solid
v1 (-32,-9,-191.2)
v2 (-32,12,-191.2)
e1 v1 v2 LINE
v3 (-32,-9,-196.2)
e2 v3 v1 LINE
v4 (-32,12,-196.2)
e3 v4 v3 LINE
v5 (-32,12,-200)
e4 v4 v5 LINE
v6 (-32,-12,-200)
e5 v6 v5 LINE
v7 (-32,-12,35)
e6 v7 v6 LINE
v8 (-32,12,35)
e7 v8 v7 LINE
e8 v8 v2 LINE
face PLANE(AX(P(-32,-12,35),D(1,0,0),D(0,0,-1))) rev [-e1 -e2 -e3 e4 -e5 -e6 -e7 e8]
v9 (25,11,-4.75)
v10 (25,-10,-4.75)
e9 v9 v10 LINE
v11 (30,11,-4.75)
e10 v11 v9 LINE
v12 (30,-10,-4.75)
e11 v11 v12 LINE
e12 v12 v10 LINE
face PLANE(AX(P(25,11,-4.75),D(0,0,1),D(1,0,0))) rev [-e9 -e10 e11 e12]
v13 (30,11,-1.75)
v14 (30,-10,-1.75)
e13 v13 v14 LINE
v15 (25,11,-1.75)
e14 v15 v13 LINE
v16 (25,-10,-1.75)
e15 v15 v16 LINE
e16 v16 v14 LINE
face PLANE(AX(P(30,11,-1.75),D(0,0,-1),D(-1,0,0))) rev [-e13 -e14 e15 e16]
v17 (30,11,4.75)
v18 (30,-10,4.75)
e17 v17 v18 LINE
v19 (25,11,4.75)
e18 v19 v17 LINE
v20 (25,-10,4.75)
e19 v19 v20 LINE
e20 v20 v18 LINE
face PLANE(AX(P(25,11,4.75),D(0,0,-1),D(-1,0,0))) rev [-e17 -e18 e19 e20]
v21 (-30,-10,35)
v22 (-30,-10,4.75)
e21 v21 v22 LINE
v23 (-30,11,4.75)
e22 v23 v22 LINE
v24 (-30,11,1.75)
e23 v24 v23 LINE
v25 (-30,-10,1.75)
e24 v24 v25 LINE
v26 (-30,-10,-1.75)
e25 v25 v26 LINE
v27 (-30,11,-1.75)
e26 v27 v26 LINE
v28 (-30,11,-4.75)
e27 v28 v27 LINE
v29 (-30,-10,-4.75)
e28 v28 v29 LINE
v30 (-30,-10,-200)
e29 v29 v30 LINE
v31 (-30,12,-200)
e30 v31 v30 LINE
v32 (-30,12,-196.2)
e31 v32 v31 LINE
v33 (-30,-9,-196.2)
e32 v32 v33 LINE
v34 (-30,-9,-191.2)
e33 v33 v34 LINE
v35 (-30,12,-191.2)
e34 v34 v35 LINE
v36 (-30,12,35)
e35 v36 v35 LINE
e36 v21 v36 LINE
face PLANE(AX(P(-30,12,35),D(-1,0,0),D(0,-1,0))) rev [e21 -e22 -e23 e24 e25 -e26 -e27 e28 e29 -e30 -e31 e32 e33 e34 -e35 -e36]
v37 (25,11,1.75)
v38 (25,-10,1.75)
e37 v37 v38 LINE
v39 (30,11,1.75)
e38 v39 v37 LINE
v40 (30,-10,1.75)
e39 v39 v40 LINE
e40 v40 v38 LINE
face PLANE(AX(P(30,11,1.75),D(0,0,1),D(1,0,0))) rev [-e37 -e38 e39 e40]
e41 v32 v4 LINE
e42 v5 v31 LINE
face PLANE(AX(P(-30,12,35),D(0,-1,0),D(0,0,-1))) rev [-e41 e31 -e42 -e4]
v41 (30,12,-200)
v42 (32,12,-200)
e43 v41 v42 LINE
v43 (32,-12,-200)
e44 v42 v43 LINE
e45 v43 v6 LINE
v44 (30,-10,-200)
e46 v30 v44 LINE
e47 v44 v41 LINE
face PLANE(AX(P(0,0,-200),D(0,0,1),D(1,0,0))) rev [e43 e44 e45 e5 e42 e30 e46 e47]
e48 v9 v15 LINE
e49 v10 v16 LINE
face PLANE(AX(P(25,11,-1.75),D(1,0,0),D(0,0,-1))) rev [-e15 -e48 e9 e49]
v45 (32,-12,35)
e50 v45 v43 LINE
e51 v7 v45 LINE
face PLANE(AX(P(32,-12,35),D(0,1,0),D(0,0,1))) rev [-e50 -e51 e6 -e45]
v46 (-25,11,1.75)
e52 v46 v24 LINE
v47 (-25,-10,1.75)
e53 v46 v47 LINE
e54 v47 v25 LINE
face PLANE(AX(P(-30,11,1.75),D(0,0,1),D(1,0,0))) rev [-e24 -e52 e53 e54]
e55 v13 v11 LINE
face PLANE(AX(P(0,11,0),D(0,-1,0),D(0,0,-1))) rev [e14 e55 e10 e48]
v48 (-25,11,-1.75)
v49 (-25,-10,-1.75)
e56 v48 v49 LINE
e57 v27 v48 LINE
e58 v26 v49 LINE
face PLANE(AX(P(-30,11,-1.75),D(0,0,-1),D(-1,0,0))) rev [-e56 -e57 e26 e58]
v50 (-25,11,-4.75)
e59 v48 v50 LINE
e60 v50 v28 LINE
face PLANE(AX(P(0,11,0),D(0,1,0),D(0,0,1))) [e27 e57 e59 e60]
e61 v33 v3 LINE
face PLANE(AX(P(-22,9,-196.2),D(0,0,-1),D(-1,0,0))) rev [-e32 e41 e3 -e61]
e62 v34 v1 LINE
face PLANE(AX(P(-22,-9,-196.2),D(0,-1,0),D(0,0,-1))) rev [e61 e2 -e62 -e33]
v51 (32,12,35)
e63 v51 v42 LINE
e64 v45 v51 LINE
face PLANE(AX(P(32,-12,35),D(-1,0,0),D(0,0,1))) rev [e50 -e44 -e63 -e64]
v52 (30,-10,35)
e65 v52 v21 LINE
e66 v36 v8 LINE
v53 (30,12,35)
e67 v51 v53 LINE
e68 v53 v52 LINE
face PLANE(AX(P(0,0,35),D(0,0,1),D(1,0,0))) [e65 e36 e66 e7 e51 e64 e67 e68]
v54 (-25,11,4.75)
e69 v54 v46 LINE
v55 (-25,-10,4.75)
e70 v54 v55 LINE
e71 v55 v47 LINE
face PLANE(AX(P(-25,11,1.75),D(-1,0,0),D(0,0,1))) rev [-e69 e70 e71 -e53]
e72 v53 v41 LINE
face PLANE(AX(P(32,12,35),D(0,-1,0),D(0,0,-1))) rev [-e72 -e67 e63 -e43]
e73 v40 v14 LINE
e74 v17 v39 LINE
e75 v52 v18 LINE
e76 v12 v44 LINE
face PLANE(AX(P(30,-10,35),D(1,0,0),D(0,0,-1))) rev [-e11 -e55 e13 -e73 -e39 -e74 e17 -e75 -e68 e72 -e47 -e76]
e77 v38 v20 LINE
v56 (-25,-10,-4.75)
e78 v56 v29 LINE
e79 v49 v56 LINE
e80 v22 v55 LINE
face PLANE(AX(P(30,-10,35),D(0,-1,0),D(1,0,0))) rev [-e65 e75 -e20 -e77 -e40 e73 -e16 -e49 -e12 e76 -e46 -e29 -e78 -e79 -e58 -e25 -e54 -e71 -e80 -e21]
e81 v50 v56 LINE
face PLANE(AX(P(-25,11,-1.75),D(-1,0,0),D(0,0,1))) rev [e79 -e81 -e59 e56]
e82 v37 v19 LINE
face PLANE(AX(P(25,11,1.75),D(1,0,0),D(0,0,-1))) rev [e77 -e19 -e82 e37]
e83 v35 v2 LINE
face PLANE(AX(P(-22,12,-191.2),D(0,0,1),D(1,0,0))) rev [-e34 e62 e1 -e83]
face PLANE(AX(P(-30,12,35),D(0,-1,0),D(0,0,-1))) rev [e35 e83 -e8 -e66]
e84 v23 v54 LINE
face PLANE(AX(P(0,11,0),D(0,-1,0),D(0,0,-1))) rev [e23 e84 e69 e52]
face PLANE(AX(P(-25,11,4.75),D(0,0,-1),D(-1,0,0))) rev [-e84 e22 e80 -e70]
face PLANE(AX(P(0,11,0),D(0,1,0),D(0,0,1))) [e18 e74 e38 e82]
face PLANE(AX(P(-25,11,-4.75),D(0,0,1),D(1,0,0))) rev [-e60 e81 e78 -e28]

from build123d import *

# Parameters (mm, degrees)
BOSS_EXTRUDE1_DEPTH      = 35
BOSS_EXTRUDE1_DEPTH_BACK = 45
BOSS_EXTRUDE3_DEPTH      = 155
SKETCH5_W                = 5
SKETCH5_H                = 3
BOSS_EXTRUDE5_DEPTH      = 21
CUT_EXTRUDE1_DEPTH       = 10


with BuildPart() as part:
    # Sketch1 → Boss-Extrude1 (new, two sides: drawn at the far end of the back side and taken through both)
    with BuildSketch(Plane.XY.offset(-BOSS_EXTRUDE1_DEPTH_BACK)):
        Polygon((-30, 12), (-30, 10), (-30, -10), (30, -10), (30, 10), (30, 12), (32, 12), (32, -12), (-32, -12), (-32, 12), align=None)
    extrude(amount=BOSS_EXTRUDE1_DEPTH + BOSS_EXTRUDE1_DEPTH_BACK)

    # Sketch3 → Boss-Extrude3 (add)
    with BuildSketch(Plane(origin=(0, 0, -45), x_dir=(-1, 0, 0), z_dir=(0, 0, -1))):
        Polygon((-30, -10), (-30, 12), (-32, 12), (-32, -12), (32, -12), (32, 12), (30, 12), (30, -10), align=None)
    extrude(amount=BOSS_EXTRUDE3_DEPTH)

    # Sketch5 → Boss-Extrude5 (add)
    with BuildSketch(Plane(origin=(0, -10, 0), x_dir=(1, 0, 0), z_dir=(0, 1, 0))):
        with Locations((-27.5, -3.25)):
            Rectangle(SKETCH5_W, SKETCH5_H)
        with Locations((-27.5, 3.25)):
            Rectangle(SKETCH5_W, SKETCH5_H)
        with Locations((27.5, -3.25)):
            Rectangle(SKETCH5_W, SKETCH5_H)
        with Locations((27.5, 3.25)):
            Rectangle(SKETCH5_W, SKETCH5_H)
    extrude(amount=BOSS_EXTRUDE5_DEPTH)

    # Sketch6 → Cut-Extrude1 (cut)
    with BuildSketch(Plane.ZY.offset(32)):
        Polygon((-196.2, 9), (-196.2, -9), (-191.2, -9), (-191.2, 9), (-191.2, 12), (-196.2, 12), align=None)
    extrude(amount=-CUT_EXTRUDE1_DEPTH, mode=Mode.SUBTRACT)


solid = part.part
